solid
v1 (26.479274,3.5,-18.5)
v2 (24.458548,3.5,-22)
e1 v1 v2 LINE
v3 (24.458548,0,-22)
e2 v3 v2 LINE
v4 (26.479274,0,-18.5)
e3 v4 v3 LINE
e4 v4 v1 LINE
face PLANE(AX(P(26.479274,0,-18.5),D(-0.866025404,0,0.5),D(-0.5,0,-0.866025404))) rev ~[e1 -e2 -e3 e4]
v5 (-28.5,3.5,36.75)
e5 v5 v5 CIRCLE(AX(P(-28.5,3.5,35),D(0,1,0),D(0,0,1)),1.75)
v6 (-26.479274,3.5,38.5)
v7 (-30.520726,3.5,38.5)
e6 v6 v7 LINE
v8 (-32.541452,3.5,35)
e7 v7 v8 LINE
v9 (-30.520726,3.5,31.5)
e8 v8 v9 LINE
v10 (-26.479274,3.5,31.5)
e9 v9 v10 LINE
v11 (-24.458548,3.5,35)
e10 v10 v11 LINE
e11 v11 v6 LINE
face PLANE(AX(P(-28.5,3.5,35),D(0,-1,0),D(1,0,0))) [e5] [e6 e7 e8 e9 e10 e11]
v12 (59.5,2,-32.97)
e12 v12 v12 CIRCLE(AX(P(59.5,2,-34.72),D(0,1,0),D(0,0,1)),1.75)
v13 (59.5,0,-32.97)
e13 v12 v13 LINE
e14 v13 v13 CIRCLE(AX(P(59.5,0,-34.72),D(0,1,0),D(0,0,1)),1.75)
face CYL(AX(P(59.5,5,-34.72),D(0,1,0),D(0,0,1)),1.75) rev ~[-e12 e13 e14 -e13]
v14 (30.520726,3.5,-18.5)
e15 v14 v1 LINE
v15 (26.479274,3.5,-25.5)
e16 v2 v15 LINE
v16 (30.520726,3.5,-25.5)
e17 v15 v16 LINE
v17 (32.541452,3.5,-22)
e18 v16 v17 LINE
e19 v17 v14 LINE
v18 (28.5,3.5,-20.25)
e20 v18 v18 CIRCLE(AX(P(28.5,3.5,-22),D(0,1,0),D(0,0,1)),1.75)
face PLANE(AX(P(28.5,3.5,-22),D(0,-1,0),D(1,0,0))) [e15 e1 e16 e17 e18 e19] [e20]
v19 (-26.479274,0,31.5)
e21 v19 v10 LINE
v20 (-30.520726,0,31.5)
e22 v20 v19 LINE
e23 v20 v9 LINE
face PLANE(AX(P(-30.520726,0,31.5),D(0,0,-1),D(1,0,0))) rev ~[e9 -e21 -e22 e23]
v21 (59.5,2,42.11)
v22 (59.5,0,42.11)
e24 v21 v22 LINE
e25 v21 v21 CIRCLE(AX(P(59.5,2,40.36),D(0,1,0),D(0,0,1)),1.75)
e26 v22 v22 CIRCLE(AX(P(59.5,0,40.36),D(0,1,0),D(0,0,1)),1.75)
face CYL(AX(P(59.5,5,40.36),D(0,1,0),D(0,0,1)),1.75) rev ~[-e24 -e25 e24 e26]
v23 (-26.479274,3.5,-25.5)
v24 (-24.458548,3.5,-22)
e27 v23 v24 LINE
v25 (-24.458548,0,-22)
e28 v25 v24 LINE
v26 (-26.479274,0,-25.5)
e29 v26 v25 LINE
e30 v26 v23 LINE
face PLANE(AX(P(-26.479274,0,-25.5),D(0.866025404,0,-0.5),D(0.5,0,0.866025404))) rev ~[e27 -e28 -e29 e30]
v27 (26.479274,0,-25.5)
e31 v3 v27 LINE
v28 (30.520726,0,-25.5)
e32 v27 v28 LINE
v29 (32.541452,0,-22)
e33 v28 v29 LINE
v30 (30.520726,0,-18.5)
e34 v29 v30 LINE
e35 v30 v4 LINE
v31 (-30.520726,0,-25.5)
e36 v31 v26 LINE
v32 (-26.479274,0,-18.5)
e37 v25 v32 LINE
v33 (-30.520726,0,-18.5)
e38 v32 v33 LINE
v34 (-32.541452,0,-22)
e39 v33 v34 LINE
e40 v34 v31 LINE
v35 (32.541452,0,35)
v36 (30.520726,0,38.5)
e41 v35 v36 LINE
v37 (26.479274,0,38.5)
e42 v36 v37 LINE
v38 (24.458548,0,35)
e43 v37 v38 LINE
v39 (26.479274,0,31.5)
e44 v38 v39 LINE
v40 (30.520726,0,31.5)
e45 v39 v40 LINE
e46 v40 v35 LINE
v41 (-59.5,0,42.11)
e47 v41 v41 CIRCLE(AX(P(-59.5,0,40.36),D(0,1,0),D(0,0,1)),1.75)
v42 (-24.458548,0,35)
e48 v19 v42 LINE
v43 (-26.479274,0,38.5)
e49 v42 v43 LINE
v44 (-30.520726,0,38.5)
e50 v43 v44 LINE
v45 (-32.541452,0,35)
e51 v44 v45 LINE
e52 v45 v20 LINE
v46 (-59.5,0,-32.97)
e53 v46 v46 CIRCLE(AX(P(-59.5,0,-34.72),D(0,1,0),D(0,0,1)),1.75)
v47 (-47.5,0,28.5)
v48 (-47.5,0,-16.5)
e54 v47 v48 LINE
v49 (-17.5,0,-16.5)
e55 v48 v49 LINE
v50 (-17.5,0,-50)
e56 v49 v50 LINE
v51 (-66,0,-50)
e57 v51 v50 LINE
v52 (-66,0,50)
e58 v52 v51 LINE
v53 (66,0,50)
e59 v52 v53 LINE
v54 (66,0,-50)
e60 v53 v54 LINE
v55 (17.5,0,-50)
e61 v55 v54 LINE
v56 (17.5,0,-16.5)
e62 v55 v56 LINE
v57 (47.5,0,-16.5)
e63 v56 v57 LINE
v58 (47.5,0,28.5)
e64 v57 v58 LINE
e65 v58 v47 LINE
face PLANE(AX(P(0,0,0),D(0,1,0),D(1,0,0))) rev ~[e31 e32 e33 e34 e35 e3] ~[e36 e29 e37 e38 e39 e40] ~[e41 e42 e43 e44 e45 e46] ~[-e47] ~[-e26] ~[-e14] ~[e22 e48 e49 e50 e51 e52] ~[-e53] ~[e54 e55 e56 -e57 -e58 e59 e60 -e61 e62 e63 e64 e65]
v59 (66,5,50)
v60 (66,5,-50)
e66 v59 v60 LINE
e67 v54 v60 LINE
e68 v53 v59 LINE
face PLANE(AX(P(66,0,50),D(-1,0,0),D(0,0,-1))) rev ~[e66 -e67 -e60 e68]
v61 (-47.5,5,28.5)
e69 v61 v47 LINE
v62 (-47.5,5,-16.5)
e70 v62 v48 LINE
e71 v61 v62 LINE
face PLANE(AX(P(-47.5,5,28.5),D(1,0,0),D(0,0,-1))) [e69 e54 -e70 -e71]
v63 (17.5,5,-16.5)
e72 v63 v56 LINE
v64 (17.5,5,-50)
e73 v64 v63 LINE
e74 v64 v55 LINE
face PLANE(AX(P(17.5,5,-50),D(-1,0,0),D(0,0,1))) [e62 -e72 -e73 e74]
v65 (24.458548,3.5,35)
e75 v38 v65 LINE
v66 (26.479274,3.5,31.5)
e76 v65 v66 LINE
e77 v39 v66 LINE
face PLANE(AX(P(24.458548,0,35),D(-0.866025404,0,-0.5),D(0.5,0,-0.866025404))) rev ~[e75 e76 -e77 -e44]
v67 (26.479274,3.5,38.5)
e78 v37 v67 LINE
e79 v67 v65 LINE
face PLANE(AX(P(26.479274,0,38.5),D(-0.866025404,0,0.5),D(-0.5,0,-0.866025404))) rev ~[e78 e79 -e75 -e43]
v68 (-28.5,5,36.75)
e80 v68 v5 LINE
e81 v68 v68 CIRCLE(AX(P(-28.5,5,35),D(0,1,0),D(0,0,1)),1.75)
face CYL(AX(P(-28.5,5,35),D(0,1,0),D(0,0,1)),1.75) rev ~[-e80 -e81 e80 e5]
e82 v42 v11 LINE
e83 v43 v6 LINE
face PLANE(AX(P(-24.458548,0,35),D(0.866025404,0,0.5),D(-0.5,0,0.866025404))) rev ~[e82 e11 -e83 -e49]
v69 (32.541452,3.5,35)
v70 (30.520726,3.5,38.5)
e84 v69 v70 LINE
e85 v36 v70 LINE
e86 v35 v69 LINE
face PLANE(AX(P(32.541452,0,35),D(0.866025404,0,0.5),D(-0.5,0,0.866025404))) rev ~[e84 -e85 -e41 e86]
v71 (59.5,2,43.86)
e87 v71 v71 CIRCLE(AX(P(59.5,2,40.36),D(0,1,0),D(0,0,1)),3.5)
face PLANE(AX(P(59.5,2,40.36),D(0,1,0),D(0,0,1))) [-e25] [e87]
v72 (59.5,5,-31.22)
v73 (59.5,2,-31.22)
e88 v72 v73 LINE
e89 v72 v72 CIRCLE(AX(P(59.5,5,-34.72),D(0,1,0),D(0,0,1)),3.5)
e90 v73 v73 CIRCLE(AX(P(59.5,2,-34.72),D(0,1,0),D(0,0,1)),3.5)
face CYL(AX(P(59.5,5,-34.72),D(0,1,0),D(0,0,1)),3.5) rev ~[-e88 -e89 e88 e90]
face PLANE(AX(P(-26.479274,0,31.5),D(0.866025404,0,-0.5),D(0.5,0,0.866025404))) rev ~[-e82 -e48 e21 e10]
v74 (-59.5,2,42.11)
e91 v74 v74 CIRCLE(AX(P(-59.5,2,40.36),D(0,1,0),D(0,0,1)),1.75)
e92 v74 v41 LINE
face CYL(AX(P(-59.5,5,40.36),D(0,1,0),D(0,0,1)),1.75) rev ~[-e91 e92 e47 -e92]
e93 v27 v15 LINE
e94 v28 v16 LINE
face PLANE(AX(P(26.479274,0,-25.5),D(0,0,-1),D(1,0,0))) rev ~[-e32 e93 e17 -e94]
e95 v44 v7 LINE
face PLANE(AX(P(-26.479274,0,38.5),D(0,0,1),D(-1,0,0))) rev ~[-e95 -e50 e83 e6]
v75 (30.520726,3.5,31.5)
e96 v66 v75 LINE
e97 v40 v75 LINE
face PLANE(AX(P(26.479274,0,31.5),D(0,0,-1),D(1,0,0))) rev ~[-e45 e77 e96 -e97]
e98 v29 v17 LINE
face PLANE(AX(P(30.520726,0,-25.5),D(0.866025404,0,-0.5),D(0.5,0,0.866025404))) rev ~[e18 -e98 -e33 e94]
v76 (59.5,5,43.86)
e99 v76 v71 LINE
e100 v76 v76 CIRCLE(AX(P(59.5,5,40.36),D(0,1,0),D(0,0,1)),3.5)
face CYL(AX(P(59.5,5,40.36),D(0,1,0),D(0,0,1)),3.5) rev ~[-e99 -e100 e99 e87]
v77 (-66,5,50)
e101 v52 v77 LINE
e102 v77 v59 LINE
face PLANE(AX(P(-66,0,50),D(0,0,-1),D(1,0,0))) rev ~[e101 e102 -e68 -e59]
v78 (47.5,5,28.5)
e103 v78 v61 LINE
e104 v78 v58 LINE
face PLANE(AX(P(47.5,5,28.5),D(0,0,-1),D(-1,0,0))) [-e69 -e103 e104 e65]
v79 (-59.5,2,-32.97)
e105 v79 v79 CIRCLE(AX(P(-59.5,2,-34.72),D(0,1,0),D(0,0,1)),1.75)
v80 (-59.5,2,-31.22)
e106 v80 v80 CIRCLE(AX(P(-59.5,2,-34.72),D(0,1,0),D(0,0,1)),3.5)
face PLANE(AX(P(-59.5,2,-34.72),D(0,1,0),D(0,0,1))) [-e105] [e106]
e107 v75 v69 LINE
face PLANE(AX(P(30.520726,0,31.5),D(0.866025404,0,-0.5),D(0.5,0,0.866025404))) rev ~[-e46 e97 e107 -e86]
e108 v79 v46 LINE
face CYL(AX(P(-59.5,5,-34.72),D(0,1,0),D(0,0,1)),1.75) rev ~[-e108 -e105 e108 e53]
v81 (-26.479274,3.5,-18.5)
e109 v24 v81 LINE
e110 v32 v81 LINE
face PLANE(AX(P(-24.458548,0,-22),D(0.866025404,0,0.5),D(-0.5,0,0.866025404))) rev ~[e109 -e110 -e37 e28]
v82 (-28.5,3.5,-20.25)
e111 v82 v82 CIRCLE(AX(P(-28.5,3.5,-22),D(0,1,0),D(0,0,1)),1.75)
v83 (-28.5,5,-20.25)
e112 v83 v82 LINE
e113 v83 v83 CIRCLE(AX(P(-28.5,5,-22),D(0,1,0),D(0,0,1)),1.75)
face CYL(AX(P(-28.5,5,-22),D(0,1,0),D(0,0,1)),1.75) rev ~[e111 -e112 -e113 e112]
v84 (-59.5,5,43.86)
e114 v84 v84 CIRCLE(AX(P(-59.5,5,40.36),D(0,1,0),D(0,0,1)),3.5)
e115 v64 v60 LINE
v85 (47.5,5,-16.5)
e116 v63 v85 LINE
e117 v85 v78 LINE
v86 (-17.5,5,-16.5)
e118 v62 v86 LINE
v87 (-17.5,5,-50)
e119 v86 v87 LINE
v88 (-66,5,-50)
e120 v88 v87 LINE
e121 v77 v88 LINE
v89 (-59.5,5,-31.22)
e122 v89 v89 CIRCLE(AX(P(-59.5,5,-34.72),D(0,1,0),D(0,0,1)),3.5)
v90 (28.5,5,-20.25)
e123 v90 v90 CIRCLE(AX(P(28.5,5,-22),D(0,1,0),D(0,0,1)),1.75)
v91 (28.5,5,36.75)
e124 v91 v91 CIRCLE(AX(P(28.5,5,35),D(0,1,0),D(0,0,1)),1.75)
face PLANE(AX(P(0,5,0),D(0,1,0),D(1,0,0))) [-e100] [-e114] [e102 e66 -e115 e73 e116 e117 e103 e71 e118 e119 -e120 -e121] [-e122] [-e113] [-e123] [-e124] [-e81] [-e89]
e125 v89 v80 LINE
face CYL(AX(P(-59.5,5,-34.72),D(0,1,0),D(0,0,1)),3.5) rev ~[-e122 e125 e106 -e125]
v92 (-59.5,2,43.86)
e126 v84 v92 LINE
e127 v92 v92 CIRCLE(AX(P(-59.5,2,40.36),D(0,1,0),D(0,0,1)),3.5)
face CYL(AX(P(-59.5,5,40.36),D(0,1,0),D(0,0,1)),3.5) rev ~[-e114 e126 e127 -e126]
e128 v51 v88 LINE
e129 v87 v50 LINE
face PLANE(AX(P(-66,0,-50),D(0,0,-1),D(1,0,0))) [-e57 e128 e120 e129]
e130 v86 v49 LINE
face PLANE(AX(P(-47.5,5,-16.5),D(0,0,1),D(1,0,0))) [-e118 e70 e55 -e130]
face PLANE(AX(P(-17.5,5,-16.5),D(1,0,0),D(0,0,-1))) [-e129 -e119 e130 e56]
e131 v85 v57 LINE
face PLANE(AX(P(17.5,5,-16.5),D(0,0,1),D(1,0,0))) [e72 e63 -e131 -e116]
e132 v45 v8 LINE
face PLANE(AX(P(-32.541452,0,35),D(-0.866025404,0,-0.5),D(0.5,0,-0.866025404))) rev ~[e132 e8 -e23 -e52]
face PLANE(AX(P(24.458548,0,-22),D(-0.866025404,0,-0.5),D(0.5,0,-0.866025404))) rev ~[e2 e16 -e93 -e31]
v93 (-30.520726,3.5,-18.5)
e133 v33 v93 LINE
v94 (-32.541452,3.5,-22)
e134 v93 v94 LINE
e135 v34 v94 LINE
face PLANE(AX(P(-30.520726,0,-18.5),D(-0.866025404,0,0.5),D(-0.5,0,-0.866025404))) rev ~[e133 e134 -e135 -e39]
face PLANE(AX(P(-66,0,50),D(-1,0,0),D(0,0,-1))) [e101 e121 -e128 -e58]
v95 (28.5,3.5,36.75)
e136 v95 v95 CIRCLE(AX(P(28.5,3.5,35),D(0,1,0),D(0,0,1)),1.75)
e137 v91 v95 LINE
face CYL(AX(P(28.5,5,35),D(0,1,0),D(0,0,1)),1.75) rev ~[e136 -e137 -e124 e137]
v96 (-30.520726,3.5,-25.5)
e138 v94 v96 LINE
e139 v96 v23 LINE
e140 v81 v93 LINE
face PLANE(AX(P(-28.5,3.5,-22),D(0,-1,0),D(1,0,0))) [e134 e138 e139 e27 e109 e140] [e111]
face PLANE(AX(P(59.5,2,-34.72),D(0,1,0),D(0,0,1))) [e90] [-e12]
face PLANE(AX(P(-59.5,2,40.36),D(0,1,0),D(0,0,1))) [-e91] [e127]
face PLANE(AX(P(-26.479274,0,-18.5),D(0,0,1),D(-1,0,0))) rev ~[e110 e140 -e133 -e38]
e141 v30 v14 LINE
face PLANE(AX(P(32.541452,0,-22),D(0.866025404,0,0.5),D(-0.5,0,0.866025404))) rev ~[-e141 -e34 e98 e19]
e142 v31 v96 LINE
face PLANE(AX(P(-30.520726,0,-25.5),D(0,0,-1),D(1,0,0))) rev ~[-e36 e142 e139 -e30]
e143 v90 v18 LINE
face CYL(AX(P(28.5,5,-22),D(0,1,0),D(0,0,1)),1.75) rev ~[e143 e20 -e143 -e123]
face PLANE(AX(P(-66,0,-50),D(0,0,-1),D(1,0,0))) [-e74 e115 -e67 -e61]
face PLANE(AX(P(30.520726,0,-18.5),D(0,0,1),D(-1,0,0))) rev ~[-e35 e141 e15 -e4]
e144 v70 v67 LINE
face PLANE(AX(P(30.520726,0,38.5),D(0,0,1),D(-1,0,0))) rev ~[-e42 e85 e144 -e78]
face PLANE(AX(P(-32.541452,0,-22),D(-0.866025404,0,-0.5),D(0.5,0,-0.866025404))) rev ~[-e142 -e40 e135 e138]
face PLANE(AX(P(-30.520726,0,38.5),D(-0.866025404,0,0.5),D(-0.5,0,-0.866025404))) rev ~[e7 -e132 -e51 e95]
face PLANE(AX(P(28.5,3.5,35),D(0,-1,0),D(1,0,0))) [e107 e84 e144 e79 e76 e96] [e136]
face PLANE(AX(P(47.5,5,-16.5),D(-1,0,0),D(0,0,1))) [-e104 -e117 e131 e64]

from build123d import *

# Parameters (mm, degrees)
SKETCH1_W           = 132
SKETCH1_H           = 100
BOSS_EXTRUDE1_DEPTH = 5
SKETCH2_R           = 1.75
CUT_EXTRUDE1_DEPTH  = 56
CUT_EXTRUDE4_DEPTH  = 103
SKETCH4_R           = 1.75
CUT_EXTRUDE5_DEPTH  = 103
SKETCH6_R           = 3.5
CUT_EXTRUDE6_DEPTH  = 3
CUT_EXTRUDE7_DEPTH  = 3.5


with BuildPart() as part:
    # Sketch1 → Boss-Extrude1 (new body)
    with BuildSketch(Plane(origin=(0, 0, 0), x_dir=(1, 0, 0), z_dir=(0, 1, 0))):
        Rectangle(SKETCH1_W, SKETCH1_H)
    extrude(amount=BOSS_EXTRUDE1_DEPTH)

    # Sketch2 → Cut-Extrude1 (cut)
    with BuildSketch(Plane(origin=(0, 5, 0), x_dir=(1, 0, 0), z_dir=(0, 1, 0))):
        with Locations(Location((-59.5, 34.72, 0), (0, 0, 270))):
            Circle(SKETCH2_R)
        with Locations(Location((-59.5, -40.36, 0), (0, 0, 270))):
            Circle(SKETCH2_R)
        with Locations(Location((59.5, -40.36, 0), (0, 0, 270))):
            Circle(SKETCH2_R)
        with Locations(Location((59.5, 34.72, 0), (0, 0, 270))):
            Circle(SKETCH2_R)
    extrude(amount=-CUT_EXTRUDE1_DEPTH, mode=Mode.SUBTRACT)

    # Sketch3 → Cut-Extrude4 (cut)
    with BuildSketch(Plane(origin=(0, 5, 0), x_dir=(1, 0, 0), z_dir=(0, 1, 0))):
        Polygon((-17.5, 50), (17.5, 50), (17.5, 16.5), (47.5, 16.5), (47.5, -28.5), (-47.5, -28.5), (-47.5, 16.5), (-17.5, 16.5), align=None)
    extrude(amount=-CUT_EXTRUDE4_DEPTH, mode=Mode.SUBTRACT)

    # Sketch4 → Cut-Extrude5 (cut)
    with BuildSketch(Plane(origin=(0, 5, 0), x_dir=(1, 0, 0), z_dir=(0, 1, 0))):
        with Locations(Location((-28.5, 22, 0), (0, 0, 270))):
            Circle(SKETCH4_R)
        with Locations(Location((-28.5, -35, 0), (0, 0, 270))):
            Circle(SKETCH4_R)
        with Locations(Location((28.5, -35, 0), (0, 0, 270))):
            Circle(SKETCH4_R)
        with Locations(Location((28.5, 22, 0), (0, 0, 270))):
            Circle(SKETCH4_R)
    extrude(amount=-CUT_EXTRUDE5_DEPTH, mode=Mode.SUBTRACT)

    # Sketch6 → Cut-Extrude6 (cut)
    with BuildSketch(Plane(origin=(0, 5, 0), x_dir=(1, 0, 0), z_dir=(0, 1, 0))):
        with Locations(Location((-59.5, 34.72, 0), (0, 0, 270))):
            Circle(SKETCH6_R)
        with Locations(Location((-59.5, -40.36, 0), (0, 0, 270))):
            Circle(SKETCH6_R)
        with Locations(Location((59.5, -40.36, 0), (0, 0, 270))):
            Circle(SKETCH6_R)
        with Locations(Location((59.5, 34.72, 0), (0, 0, 270))):
            Circle(SKETCH6_R)
    extrude(amount=-CUT_EXTRUDE6_DEPTH, mode=Mode.SUBTRACT)

    # Sketch7 → Cut-Extrude7 (cut)
    with BuildSketch(Plane.XZ):
        Polygon((26.479274058, -25.5), (30.520725942, -25.5), (32.541451884, -22), (30.520725942, -18.5), (26.479274058, -18.5), (24.458548116, -22), align=None)
        Polygon((24.458548116, 35), (26.479274058, 31.5), (30.520725942, 31.5), (32.541451884, 35), (30.520725942, 38.5), (26.479274058, 38.5), align=None)
        Polygon((-30.520725942, 38.5), (-32.541451884, 35), (-30.520725942, 31.5), (-26.479274058, 31.5), (-24.458548116, 35), (-26.479274058, 38.5), align=None)
        Polygon((-32.541451884, -22), (-30.520725942, -25.5), (-26.479274058, -25.5), (-24.458548116, -22), (-26.479274058, -18.5), (-30.520725942, -18.5), align=None)
    extrude(amount=-CUT_EXTRUDE7_DEPTH, mode=Mode.SUBTRACT)


solid = part.part
